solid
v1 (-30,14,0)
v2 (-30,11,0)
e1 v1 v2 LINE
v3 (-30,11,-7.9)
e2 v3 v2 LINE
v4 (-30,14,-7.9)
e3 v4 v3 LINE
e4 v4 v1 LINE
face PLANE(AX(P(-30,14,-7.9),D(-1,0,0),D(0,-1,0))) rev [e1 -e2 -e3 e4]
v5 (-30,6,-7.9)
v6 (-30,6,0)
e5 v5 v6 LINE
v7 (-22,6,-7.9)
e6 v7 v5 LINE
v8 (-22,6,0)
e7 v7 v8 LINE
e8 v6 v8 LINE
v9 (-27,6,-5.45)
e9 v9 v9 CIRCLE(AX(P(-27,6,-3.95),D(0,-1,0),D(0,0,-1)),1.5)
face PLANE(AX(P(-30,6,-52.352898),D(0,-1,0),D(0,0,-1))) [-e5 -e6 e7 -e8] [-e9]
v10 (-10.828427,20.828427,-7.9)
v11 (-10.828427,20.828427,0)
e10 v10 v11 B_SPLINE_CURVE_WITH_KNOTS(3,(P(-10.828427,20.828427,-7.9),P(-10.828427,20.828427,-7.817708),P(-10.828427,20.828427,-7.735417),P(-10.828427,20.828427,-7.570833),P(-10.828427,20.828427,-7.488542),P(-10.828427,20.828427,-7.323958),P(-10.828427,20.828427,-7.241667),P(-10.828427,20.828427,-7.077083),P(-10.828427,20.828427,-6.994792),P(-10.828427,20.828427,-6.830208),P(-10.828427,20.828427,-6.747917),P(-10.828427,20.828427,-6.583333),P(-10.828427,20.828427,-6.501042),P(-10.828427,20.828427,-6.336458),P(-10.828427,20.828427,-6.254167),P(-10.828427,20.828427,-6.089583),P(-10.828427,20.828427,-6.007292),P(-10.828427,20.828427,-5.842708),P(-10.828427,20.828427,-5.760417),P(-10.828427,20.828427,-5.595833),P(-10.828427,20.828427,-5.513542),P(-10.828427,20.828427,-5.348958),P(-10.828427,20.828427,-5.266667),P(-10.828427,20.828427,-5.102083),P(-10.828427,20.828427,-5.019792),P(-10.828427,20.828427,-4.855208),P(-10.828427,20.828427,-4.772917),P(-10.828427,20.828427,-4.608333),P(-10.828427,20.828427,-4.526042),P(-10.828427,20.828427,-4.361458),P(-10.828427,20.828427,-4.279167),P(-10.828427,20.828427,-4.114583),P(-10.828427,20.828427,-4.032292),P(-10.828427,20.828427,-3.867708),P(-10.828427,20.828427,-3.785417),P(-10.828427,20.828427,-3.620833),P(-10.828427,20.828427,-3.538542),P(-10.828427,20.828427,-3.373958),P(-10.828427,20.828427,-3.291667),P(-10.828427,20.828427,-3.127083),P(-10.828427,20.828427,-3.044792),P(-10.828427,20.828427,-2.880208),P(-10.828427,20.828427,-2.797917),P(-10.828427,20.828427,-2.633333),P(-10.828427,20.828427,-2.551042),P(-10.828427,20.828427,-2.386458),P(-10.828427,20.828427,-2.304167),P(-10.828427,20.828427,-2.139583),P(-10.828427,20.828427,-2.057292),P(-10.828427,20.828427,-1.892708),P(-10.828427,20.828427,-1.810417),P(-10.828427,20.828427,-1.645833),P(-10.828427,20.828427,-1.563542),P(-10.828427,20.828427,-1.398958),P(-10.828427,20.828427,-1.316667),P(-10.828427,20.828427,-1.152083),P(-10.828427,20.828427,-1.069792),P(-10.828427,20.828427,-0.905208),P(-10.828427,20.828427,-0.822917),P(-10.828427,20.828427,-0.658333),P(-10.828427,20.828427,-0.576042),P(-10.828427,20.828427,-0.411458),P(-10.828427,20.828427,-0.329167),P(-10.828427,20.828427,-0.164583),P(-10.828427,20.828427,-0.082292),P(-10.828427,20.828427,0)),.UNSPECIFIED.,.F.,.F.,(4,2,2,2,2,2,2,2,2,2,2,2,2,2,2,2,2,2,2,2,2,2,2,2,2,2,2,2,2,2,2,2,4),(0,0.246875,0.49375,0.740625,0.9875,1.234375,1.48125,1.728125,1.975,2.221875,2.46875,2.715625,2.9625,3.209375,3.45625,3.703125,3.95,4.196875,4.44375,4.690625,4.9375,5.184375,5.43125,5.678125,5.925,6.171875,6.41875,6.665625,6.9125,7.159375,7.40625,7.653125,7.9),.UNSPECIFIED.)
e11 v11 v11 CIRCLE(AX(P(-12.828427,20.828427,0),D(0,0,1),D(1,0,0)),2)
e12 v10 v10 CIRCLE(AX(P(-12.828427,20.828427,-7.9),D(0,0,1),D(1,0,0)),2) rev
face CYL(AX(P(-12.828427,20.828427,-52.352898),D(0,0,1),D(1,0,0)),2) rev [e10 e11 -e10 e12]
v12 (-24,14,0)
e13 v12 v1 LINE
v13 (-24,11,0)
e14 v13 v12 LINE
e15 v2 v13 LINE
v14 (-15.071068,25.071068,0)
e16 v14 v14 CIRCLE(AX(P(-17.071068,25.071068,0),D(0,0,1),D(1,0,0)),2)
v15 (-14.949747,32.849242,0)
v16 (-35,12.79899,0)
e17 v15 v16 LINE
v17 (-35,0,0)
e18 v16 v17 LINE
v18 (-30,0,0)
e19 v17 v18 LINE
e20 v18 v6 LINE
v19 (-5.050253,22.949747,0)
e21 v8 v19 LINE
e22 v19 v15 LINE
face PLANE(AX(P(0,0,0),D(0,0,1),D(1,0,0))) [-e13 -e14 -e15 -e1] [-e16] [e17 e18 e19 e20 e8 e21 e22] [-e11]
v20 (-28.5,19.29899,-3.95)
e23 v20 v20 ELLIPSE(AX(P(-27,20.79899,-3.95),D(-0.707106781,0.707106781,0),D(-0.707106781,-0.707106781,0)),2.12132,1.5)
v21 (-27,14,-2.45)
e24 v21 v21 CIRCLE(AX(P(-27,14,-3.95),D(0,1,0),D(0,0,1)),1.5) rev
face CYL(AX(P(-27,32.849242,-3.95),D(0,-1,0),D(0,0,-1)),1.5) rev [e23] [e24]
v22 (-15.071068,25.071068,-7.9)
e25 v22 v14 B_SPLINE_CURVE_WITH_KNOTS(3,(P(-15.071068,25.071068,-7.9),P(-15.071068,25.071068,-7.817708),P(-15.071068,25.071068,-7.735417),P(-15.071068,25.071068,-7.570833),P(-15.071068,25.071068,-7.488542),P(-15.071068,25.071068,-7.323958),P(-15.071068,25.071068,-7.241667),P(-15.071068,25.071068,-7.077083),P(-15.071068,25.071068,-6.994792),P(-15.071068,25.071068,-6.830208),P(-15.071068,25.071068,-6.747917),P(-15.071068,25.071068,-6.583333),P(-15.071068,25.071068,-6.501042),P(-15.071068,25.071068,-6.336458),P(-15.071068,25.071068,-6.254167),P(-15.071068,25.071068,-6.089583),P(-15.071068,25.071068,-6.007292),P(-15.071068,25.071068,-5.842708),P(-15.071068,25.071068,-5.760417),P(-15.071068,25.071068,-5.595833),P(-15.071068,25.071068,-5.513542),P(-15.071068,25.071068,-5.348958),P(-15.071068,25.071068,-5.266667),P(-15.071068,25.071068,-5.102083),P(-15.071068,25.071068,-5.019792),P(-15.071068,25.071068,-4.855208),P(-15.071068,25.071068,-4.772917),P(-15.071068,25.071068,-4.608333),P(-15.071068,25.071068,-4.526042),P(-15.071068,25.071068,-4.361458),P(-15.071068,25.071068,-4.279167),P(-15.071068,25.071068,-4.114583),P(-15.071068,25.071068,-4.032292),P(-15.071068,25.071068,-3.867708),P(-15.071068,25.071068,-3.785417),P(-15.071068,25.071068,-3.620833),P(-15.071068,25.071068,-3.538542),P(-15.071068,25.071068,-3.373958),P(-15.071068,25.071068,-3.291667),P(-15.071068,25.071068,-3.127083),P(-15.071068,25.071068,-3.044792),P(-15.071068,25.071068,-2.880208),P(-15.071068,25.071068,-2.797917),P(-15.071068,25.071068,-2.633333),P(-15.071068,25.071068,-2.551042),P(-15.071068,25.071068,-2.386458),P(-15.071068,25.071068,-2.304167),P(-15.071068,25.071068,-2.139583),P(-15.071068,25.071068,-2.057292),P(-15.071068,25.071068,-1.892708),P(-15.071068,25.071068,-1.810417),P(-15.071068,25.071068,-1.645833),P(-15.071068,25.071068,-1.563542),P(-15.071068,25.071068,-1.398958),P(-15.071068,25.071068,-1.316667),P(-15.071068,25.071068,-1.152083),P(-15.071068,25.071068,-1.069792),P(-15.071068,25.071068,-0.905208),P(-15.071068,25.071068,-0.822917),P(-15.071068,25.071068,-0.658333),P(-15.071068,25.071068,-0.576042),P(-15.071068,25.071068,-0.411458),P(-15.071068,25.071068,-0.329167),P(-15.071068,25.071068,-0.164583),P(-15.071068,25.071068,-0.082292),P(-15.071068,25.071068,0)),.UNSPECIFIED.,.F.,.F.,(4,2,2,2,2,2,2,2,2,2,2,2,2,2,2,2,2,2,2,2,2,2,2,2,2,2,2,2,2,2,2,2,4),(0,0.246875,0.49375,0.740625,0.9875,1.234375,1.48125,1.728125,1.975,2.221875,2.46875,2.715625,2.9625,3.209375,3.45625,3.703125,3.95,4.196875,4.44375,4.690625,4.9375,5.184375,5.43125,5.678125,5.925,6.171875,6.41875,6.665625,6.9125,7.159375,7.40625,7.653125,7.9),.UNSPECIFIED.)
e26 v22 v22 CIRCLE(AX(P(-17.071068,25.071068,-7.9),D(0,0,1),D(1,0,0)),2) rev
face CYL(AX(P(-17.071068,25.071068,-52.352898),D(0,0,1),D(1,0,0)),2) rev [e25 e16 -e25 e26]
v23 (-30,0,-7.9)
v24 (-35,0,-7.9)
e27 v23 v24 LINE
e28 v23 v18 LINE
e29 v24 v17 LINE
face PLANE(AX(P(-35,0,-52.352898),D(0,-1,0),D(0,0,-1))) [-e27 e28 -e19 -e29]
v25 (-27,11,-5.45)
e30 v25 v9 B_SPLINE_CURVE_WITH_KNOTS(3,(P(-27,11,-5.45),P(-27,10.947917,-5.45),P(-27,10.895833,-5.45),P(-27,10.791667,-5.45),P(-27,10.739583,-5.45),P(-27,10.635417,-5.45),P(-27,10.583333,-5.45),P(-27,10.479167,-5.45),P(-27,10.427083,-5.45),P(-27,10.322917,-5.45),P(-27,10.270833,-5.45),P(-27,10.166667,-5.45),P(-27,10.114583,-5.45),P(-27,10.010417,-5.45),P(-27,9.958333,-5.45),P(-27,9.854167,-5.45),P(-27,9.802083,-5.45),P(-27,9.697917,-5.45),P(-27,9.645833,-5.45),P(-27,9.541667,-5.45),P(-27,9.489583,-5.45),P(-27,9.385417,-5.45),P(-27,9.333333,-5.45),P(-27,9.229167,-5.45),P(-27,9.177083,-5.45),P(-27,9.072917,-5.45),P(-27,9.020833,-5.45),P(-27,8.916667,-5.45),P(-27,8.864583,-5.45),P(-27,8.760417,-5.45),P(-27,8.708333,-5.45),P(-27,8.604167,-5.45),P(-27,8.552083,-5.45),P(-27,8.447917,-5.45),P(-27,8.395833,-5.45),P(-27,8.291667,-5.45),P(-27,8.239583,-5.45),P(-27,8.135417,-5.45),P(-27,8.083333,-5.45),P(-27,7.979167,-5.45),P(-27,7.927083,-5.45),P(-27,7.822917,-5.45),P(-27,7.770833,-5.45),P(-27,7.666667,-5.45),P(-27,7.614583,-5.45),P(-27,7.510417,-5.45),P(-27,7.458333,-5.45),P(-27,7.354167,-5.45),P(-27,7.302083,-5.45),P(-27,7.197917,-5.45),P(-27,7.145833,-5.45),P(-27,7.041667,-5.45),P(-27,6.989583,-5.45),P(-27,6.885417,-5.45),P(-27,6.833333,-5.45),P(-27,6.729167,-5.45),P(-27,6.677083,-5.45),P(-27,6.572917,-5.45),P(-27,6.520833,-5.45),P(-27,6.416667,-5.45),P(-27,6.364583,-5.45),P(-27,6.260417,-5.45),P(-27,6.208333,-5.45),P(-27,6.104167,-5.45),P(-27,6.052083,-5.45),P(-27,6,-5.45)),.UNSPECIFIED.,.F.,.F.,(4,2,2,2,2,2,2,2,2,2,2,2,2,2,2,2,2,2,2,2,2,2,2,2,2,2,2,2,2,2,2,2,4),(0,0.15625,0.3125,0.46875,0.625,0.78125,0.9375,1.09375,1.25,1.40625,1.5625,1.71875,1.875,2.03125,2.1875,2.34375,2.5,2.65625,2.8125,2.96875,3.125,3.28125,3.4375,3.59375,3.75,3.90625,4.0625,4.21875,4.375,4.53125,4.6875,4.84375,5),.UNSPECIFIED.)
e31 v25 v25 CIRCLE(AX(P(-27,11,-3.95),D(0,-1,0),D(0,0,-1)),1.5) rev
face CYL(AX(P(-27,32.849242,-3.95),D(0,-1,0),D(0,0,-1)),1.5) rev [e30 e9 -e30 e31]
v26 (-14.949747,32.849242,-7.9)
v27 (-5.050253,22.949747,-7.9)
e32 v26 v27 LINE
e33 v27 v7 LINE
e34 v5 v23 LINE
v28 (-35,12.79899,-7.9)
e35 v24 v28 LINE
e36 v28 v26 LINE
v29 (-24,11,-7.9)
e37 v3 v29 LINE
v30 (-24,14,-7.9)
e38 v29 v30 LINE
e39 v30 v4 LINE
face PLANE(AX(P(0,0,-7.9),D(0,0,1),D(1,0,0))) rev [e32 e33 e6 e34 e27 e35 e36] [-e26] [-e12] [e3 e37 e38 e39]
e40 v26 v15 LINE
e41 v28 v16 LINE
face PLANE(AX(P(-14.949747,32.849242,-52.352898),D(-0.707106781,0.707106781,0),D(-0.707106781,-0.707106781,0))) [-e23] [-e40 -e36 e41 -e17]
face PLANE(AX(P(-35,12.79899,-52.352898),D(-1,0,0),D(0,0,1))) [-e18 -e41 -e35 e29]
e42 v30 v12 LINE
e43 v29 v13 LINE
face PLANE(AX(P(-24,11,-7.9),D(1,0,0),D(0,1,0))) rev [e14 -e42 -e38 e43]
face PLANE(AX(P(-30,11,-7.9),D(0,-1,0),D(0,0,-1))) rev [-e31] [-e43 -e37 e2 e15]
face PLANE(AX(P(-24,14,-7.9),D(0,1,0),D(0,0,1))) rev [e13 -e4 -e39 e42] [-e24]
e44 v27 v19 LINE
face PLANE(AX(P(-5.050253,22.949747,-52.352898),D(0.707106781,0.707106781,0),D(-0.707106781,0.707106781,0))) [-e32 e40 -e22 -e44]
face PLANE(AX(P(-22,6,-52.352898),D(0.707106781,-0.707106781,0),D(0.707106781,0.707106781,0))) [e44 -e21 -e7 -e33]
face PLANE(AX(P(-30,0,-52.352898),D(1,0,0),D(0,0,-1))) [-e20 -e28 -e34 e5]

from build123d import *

# Parameters (mm, degrees)
SKETCH1_R           = 2
BOSS_EXTRUDE1_DEPTH = 7.9
SKETCH2_R           = 1.5
CUT_EXTRUDE1_DEPTH  = 45.813969002
SKETCH3_W           = 6
SKETCH3_H           = 3
CUT_EXTRUDE2_DEPTH  = 49.646507856


with BuildPart() as part:
    # Sketch1 → Boss-Extrude1 (new body)
    with BuildSketch(Plane.XY):
        Polygon((-30, 0), (-30, 6), (-22, 6), (-5.050252532, 22.949747468), (-14.949747468, 32.849242405), (-35, 12.798989873), (-35, 0), align=None)
        with Locations((-12.828427125, 20.828427125)):
            Circle(SKETCH1_R, mode=Mode.SUBTRACT)
        with Locations((-17.071067812, 25.071067812)):
            Circle(SKETCH1_R, mode=Mode.SUBTRACT)
    extrude(amount=-BOSS_EXTRUDE1_DEPTH)

    # Sketch2 → Cut-Extrude1 (cut, through all)
    with BuildSketch(Plane.XZ.offset(-6)):
        with Locations(Location((-27, -3.95, 0), (0, 0, 270))):
            Circle(SKETCH2_R)
    extrude(amount=-CUT_EXTRUDE1_DEPTH, mode=Mode.SUBTRACT)

    # Sketch3 → Cut-Extrude2 (cut, through all)
    with BuildSketch(Plane.XY):
        with Locations((-27, 12.5)):
            Rectangle(SKETCH3_W, SKETCH3_H)
    extrude(amount=-CUT_EXTRUDE2_DEPTH, mode=Mode.SUBTRACT)


solid = part.part
